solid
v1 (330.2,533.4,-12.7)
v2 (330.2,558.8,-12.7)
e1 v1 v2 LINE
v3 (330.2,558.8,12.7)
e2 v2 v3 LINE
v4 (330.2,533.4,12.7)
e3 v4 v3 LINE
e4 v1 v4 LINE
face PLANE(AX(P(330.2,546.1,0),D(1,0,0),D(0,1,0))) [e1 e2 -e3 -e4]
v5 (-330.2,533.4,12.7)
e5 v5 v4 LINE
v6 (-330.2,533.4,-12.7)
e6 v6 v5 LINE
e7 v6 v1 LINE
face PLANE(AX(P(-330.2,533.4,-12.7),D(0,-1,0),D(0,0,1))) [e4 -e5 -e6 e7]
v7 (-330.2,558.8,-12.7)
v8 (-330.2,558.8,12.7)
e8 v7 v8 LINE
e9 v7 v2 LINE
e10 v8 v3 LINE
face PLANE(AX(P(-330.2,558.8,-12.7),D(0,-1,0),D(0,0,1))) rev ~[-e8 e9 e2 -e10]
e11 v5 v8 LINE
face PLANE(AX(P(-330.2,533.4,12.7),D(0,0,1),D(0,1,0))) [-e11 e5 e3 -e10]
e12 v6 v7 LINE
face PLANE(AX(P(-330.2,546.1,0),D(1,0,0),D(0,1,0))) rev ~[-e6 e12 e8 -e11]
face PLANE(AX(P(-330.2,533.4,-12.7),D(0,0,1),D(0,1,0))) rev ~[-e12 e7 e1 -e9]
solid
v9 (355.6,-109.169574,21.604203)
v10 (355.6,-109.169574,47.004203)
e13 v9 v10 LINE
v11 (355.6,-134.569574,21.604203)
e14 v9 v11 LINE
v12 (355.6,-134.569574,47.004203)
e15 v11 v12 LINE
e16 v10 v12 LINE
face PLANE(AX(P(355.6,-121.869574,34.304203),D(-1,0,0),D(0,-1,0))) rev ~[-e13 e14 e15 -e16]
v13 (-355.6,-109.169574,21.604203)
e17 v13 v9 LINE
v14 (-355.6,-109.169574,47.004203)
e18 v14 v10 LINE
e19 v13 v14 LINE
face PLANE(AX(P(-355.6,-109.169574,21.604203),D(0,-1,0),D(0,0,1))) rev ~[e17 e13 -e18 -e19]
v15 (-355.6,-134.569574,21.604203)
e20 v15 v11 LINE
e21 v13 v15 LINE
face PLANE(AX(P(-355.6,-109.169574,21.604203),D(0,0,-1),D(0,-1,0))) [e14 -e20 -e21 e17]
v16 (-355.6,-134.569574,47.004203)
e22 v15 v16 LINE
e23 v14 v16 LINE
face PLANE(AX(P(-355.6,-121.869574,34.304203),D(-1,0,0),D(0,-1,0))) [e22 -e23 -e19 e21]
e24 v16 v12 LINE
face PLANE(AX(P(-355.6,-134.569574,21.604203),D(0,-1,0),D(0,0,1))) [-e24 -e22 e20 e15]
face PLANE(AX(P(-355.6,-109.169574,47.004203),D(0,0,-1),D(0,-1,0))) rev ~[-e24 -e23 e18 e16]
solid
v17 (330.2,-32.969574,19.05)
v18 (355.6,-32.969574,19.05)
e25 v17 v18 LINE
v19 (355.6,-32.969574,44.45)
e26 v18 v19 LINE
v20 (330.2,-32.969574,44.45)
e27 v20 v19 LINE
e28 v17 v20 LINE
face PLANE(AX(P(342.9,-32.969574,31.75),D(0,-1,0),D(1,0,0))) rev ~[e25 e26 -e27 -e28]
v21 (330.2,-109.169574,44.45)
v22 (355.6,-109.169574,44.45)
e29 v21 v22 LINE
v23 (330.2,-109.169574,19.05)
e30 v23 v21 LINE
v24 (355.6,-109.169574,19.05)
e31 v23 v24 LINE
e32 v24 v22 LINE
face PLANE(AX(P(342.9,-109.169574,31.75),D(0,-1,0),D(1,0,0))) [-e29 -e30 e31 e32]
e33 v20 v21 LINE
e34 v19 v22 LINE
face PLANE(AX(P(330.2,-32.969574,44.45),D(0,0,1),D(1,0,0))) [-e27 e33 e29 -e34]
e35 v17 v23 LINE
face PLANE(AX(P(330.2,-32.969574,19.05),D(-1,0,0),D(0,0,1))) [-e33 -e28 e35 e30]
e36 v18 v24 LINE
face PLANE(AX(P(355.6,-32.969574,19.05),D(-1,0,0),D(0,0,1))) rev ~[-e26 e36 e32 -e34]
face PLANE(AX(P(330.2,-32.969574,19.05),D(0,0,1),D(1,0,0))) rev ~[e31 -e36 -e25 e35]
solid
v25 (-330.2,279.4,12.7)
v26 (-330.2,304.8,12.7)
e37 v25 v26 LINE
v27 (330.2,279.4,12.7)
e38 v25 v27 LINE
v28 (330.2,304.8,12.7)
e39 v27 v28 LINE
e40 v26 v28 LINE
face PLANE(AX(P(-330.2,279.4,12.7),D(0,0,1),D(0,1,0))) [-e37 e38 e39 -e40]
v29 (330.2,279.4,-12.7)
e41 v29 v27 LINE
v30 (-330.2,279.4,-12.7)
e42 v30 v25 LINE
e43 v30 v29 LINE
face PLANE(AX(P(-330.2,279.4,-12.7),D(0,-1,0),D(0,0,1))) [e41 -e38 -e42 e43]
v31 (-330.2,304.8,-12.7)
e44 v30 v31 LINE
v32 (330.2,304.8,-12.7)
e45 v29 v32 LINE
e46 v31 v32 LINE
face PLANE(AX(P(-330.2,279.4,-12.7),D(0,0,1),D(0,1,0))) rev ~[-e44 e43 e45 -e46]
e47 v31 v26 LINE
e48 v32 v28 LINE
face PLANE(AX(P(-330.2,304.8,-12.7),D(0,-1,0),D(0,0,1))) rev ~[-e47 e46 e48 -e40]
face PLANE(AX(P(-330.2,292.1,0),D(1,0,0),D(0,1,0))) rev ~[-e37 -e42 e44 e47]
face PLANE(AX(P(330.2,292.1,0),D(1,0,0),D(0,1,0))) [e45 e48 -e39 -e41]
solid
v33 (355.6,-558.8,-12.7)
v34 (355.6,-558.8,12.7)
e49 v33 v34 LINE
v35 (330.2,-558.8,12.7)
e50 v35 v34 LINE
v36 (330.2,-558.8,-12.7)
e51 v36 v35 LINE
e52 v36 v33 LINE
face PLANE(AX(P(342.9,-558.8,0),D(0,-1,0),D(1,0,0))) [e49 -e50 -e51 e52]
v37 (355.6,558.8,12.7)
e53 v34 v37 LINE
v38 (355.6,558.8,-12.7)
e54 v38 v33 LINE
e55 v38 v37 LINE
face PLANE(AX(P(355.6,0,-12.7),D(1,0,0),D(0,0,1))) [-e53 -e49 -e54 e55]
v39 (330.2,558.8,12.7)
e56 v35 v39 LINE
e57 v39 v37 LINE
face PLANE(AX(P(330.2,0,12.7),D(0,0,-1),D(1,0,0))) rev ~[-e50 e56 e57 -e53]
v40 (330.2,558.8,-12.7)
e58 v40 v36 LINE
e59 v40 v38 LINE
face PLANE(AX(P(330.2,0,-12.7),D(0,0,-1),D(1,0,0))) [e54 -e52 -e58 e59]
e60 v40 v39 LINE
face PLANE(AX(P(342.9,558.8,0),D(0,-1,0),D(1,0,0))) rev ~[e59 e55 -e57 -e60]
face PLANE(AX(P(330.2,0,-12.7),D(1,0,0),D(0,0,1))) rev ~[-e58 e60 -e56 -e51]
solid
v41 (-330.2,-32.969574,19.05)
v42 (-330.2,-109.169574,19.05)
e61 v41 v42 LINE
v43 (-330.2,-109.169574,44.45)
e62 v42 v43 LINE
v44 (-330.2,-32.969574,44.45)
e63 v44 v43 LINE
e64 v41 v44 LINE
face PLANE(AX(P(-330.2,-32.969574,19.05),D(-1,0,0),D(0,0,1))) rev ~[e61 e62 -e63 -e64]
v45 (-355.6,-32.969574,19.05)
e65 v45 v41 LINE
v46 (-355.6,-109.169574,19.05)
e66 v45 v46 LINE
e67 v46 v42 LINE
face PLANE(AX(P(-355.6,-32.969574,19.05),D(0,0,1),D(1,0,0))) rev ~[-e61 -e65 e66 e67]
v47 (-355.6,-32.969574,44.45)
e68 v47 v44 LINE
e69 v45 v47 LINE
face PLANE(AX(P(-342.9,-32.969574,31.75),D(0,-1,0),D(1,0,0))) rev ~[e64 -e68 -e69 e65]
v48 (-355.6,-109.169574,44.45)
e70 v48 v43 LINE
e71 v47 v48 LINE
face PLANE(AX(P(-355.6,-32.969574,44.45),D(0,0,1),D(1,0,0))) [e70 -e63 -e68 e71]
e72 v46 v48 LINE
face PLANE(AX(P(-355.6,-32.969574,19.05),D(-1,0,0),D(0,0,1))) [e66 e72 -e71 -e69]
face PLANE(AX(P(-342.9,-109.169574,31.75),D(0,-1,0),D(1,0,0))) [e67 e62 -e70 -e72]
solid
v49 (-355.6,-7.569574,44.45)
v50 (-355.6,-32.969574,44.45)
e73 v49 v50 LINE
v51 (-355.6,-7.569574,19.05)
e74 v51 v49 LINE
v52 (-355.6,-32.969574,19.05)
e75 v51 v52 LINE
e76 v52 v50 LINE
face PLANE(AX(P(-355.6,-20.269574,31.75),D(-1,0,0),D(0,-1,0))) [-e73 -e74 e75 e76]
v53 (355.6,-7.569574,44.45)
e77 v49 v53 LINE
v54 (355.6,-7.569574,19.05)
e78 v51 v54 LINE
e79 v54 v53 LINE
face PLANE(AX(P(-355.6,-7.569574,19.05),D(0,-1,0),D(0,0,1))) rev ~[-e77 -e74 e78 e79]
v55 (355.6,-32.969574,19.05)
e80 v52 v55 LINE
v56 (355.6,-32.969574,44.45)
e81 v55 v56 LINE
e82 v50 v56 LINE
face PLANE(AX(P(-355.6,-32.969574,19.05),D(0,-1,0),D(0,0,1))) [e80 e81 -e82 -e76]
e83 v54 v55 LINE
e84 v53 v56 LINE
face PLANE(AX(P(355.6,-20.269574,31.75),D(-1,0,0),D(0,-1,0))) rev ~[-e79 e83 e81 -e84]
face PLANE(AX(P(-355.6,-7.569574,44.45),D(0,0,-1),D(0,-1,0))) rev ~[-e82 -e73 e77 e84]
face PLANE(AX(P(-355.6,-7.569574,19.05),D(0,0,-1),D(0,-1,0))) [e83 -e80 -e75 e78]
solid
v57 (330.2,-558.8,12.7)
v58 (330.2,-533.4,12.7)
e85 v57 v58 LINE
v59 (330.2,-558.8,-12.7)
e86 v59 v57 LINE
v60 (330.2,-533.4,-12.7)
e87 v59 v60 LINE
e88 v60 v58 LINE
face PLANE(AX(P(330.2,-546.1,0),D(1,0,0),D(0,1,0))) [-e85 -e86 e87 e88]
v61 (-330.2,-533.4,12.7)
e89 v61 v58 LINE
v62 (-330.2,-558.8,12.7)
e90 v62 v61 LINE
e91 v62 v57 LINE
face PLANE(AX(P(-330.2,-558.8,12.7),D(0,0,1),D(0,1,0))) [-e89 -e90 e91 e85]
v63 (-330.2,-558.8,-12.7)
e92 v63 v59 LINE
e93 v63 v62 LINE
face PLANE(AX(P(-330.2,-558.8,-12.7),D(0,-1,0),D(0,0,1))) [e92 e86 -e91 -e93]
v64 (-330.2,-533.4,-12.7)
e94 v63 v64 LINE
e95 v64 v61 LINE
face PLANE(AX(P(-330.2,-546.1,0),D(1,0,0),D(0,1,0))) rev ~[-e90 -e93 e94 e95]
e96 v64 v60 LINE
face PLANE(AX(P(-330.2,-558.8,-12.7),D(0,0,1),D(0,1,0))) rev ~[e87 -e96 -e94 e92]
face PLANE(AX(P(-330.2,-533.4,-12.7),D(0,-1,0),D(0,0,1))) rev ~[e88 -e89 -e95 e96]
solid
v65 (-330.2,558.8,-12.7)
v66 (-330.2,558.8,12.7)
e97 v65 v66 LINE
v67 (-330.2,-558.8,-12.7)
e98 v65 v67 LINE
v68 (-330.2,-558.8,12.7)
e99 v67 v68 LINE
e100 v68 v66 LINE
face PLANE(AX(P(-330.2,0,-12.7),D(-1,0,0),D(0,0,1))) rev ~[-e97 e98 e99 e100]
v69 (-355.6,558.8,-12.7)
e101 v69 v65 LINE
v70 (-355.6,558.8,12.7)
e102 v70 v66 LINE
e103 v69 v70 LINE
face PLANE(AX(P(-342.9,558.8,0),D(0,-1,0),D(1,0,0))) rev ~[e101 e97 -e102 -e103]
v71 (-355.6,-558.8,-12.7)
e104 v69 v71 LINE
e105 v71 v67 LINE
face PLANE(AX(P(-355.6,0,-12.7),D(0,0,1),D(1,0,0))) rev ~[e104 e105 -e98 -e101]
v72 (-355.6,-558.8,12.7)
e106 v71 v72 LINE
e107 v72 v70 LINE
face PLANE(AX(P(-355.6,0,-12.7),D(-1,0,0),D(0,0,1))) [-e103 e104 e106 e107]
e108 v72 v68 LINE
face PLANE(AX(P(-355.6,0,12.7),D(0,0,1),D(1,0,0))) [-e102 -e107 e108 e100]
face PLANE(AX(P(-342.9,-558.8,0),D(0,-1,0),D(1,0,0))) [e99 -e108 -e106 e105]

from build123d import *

# Parameters (mm, degrees)
F0_W     = 25.4
F0_H     = 25.4
F1_DEPTH = 558.8
F2_W     = 25.4
F2_H     = 25.4
F3_DEPTH = 660.4
F4_W     = 25.4
F4_H     = 25.4
F5_DEPTH = 711.2
F6_W     = 25.4
F6_H     = 25.4
F7_DEPTH = 76.2


with BuildPart() as f1:
    # F0 (on Front) → F1 (new body, symmetric)
    with BuildSketch(Plane.XZ):
        with Locations((-342.9, 0)):
            Rectangle(F0_W, F0_H)
        with Locations((342.9, 0)):
            Rectangle(F0_W, F0_H)
    extrude(amount=F1_DEPTH, both=True)


with BuildPart() as f3:
    # F2 (on face) → F3 (new body, through all)
    with BuildSketch(Plane.YZ.offset(-330.2)):
        with Locations((546.1, 0)):
            Rectangle(F2_W, F2_H)
        with Locations((292.1, 0)):
            Rectangle(F2_W, F2_H)
        with Locations((-546.1, 0)):
            Rectangle(F2_W, F2_H)
    extrude(amount=F3_DEPTH)


with BuildPart() as f5:
    # F4 (on face) → F5 (new body, through all)
    with BuildSketch(Plane(origin=(-355.6, 0, 0), x_dir=(0, -1, 0), z_dir=(-1, 0, 0))):
        with Locations((20.269574, 31.75)):
            Rectangle(F4_W, F4_H)
        with Locations((121.869574, 34.304203)):
            Rectangle(F4_W, F4_H)
    extrude(amount=-F5_DEPTH)


with BuildPart() as f7:
    # F6 (on face) → F7 (new body, through all)
    with BuildSketch(Plane.XZ.offset(32.969574)):
        with Locations((-342.9, 31.75)):
            Rectangle(F6_W, F6_H)
        with Locations((342.9, 31.75)):
            Rectangle(F6_W, F6_H)
    extrude(amount=F7_DEPTH)


solid = Compound([f1.part, f3.part, f5.part, f7.part])
